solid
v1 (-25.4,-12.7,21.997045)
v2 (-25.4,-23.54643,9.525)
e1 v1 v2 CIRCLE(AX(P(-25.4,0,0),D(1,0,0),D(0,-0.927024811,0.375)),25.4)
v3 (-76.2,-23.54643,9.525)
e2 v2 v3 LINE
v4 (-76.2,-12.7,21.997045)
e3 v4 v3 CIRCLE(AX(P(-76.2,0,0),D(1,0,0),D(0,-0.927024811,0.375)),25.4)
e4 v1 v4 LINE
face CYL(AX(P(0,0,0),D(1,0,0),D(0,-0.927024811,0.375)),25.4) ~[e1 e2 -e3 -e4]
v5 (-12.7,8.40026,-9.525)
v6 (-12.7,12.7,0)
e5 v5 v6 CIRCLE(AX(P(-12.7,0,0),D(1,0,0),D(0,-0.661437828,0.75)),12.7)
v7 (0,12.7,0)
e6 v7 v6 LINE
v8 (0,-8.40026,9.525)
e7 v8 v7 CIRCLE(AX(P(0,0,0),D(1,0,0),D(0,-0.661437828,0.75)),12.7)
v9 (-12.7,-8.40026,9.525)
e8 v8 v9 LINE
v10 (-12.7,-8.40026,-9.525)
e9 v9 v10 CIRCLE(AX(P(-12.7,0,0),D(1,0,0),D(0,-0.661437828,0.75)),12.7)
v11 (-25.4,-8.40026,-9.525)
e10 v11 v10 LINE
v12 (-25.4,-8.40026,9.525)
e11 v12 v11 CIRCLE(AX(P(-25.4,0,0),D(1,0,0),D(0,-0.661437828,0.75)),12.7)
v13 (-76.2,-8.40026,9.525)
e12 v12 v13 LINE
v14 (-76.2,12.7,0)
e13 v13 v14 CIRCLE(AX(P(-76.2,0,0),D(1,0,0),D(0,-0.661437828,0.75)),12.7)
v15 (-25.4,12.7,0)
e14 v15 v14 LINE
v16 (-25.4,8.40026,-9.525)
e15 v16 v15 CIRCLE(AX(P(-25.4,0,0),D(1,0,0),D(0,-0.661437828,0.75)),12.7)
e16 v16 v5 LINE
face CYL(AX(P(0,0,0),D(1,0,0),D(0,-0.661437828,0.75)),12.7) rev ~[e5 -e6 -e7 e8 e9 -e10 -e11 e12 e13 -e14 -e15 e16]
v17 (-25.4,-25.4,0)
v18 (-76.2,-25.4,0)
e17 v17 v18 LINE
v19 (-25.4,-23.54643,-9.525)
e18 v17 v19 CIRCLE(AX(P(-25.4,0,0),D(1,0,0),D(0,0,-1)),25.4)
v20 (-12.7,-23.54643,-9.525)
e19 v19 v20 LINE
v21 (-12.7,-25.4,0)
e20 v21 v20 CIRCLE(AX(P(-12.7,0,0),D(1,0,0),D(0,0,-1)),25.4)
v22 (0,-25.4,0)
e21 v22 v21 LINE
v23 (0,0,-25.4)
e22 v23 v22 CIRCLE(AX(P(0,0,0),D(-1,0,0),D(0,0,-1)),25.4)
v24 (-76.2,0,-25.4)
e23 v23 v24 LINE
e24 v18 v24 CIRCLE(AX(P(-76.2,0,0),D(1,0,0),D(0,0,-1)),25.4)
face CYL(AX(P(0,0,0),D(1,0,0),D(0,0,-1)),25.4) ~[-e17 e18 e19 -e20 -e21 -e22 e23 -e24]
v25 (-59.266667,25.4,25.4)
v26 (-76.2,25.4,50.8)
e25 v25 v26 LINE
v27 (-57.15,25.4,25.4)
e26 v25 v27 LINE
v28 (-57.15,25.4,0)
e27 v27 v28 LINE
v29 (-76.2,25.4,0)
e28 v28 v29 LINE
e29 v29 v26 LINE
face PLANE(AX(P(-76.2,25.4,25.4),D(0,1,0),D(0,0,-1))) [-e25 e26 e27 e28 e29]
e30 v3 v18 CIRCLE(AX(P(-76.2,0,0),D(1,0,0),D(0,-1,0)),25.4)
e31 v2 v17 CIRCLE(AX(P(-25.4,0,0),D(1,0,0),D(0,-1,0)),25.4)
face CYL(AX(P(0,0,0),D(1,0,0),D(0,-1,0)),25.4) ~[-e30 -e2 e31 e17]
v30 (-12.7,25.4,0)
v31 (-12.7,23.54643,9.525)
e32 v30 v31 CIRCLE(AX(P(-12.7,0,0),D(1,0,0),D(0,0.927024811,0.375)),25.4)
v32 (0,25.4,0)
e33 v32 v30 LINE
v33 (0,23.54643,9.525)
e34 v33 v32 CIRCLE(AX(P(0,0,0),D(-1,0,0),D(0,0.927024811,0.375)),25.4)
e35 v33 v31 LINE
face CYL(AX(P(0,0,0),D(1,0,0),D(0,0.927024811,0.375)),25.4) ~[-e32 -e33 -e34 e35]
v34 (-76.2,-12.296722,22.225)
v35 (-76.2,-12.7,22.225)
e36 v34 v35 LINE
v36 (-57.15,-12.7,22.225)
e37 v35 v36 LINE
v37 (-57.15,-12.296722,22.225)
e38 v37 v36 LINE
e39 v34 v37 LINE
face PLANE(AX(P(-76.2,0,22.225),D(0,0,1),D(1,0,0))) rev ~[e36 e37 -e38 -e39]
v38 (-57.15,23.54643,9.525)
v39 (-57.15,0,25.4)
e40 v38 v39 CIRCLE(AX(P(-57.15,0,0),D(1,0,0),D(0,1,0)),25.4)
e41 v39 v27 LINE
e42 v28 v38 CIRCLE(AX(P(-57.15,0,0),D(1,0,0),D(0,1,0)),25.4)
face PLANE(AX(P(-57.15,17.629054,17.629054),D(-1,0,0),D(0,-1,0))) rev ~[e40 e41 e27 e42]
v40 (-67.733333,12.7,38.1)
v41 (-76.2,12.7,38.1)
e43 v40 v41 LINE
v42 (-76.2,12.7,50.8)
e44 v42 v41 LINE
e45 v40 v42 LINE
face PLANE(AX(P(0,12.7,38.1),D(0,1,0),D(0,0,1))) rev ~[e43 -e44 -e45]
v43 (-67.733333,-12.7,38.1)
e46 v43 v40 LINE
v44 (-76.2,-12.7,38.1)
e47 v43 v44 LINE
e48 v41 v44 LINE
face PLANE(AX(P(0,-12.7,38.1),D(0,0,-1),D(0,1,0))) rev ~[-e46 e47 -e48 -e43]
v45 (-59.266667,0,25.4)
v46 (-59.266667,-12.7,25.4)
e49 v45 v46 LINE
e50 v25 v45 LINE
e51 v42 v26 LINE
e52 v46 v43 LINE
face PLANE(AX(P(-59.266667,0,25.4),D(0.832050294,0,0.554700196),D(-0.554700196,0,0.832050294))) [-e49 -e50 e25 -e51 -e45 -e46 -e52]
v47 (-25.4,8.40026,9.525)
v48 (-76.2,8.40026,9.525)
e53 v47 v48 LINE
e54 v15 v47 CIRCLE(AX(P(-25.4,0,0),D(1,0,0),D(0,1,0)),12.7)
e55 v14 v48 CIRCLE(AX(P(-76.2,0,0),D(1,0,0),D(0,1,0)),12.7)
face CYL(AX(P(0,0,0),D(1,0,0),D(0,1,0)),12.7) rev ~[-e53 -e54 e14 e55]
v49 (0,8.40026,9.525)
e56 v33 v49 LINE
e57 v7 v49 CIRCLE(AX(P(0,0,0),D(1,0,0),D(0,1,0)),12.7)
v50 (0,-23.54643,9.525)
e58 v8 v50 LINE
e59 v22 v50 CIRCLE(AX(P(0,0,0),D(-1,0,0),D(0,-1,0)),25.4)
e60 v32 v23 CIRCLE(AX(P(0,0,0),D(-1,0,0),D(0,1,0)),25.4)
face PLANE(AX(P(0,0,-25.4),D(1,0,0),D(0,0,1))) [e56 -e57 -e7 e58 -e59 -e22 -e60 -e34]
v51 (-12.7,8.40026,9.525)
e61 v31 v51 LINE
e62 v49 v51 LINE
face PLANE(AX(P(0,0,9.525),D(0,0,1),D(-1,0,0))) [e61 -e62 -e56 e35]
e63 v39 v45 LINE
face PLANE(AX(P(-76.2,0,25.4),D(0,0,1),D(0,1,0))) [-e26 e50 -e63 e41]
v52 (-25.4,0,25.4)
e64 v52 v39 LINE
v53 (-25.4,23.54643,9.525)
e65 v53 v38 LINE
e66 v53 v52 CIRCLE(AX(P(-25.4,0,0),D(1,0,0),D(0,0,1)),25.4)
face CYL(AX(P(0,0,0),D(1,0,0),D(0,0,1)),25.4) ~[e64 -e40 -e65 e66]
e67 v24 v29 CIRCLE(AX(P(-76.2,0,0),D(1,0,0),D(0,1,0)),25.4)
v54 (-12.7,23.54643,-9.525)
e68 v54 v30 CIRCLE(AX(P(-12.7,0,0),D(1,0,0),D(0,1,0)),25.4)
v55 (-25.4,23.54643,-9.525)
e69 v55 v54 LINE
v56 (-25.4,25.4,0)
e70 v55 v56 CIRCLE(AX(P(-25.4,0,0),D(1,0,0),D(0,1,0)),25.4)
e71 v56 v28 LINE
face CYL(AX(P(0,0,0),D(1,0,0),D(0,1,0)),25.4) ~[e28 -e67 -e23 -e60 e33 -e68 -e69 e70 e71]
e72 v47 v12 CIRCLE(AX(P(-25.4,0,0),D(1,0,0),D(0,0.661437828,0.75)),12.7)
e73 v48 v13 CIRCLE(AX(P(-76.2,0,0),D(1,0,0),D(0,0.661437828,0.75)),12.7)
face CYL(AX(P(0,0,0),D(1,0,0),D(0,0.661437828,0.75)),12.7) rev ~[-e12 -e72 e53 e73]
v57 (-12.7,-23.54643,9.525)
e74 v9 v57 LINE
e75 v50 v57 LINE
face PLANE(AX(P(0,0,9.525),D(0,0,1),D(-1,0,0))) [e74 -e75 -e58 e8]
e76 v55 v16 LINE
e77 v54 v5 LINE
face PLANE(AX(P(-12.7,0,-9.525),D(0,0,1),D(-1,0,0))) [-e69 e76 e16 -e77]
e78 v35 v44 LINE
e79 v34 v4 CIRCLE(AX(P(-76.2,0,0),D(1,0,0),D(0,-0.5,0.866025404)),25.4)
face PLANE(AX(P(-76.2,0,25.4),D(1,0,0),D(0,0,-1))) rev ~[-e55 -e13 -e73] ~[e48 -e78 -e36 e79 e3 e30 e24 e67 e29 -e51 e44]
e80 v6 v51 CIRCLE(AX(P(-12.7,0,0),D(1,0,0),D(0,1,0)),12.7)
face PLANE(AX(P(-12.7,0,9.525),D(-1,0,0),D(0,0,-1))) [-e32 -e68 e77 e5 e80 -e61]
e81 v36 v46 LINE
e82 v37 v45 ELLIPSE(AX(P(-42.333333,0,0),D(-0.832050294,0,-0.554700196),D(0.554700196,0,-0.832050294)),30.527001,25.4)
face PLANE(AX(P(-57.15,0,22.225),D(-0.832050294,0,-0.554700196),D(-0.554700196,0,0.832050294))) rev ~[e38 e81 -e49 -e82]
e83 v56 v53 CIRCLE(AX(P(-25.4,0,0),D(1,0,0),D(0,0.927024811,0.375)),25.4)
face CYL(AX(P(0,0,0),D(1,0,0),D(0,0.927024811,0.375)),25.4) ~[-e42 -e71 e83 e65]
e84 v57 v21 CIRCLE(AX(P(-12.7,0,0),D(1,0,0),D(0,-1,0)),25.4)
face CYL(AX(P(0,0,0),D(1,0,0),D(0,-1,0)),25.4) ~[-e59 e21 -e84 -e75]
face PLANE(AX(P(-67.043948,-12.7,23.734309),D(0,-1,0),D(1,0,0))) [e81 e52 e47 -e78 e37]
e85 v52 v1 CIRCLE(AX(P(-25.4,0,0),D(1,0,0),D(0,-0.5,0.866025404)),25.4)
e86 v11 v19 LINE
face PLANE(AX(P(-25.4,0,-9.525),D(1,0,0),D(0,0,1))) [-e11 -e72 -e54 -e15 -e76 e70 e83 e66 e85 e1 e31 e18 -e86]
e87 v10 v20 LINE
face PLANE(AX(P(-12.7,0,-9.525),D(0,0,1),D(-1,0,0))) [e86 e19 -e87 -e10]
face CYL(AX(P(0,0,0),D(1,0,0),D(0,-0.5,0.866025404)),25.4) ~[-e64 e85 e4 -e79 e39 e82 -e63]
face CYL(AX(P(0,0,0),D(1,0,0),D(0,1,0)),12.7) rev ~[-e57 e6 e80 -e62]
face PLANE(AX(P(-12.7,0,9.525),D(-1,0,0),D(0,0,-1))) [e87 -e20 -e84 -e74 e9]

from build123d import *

# Parameters (mm, degrees)
F2_DEPTH  = 25.4
F3_DEPTH  = 254
F4_DEPTH  = 105.41
F5_DEPTH  = 381
F6_DEPTH  = 127
F8_DEPTH  = 19.05
F9_DEPTH  = 12.7
F10_DEPTH = 254


with BuildPart() as f2:
    # F1 (on Front) → F2 (new body, symmetric)
    with BuildSketch(Plane.XZ):
        Polygon((0, -25.4), (0, 0), (0, 9.525), (-12.7, 9.525), (-12.7, -9.525), (-25.4, -9.525), (-25.4, 25.4), (-59.2666666667, 25.4), (-57.15, 22.225), (-76.2, 22.225), (-76.2, -25.4), align=None)
        Polygon((-76.2, 25.4), (-76.2, 22.225), (-57.15, 22.225), (-59.2666666667, 25.4), align=None)
        Polygon((-76.2, 50.8), (-76.2, 25.4), (-59.2666666667, 25.4), align=None)
    extrude(amount=F2_DEPTH, both=True)

    # F0 (on Right) → F3 (cut)
    with BuildSketch(Plane.YZ):
        with BuildLine():
            ThreePointArc((-8.4002604126, 9.525), (-5.2252604126, -11.5752604126), (12.7, 0))
            ThreePointArc((12.7, 0), (11.5752604126, 5.2252604126), (8.4002604126, 9.525))
            ThreePointArc((8.4002604126, 9.525), (0, 12.7), (-8.4002604126, 9.525))
        make_face()
    extrude(amount=-F3_DEPTH, mode=Mode.SUBTRACT)

    # F0 (on Right) → F4 (cut)
    with BuildSketch(Plane.YZ):
        with BuildLine():
            ThreePointArc((-12.7, 21.9970452561), (-6.5740037456, 24.5345159877), (0, 25.4))
            Line((0, 25.4), (-12.7, 25.4))
            Line((-12.7, 25.4), (-12.7, 21.9970452561))
        make_face()
        with BuildLine():
            ThreePointArc((-25.4, 0), (-24.9323016085, 4.8518384664), (-23.5464301965, 9.525))
            ThreePointArc((-23.5464301965, 9.525), (-19.1660873346, 16.6679661712), (-12.7, 21.9970452561))
            Line((-12.7, 21.9970452561), (-12.7, 25.4))
            Line((-12.7, 25.4), (-25.4, 25.4))
            Line((-25.4, 25.4), (-25.4, 0))
        make_face()
    extrude(amount=-F4_DEPTH, mode=Mode.SUBTRACT)

    # F0 (on Right) → F5 (cut)
    with BuildSketch(Plane.YZ):
        with BuildLine():
            ThreePointArc((0, 25.4), (14.1990316571, 21.0605674188), (23.5464301965, 9.525))
            ThreePointArc((23.5464301965, 9.525), (24.9323016085, 4.8518384664), (25.4, 0))
            Line((25.4, 0), (25.4, 25.4))
            Line((25.4, 25.4), (0, 25.4))
        make_face()
    extrude(amount=-F5_DEPTH, mode=Mode.SUBTRACT)

    # F0 (on Right) → F6 (cut)
    with BuildSketch(Plane.YZ):
        Polygon((-25.4, 25.4), (-12.7, 25.4), (-12.7, 38.1), (12.7, 38.1), (12.7, 50.8), (-25.4, 50.8), align=None)
    extrude(amount=-F6_DEPTH, mode=Mode.SUBTRACT)

    # F7 (on face) → F8 (join)
    with BuildSketch(Plane(origin=(-76.2, 0, 0), x_dir=(0, -1, 0), z_dir=(-1, 0, 0))):
        with BuildLine():
            Line((0, 25.4), (-25.4, 25.4))
            Line((-25.4, 25.4), (-25.4, 0))
            ThreePointArc((-25.4, 0), (-17.9605122421, 17.9605122421), (0, 25.4))
        make_face()
    extrude(amount=-F8_DEPTH)

    # F1 (on Front) → F9 (join)
    with BuildSketch(Plane.XZ):
        Polygon((-76.2, 25.4), (-76.2, 22.225), (-57.15, 22.225), (-59.2666666667, 25.4), align=None)
    extrude(amount=F9_DEPTH)

    # F0 (on Right) → F10 (cut)
    with BuildSketch(Plane.YZ):
        with BuildLine():
            ThreePointArc((0, -25.4), (-17.9605122421, -17.9605122421), (-25.4, 0))
            Line((-25.4, 0), (-25.4, -25.4))
            Line((-25.4, -25.4), (0, -25.4))
        make_face()
        with BuildLine():
            Line((25.4, -25.4), (25.4, 0))
            ThreePointArc((25.4, 0), (17.9605122421, -17.9605122421), (0, -25.4))
            Line((0, -25.4), (25.4, -25.4))
        make_face()
    extrude(amount=-F10_DEPTH, mode=Mode.SUBTRACT)


solid = f2.part
